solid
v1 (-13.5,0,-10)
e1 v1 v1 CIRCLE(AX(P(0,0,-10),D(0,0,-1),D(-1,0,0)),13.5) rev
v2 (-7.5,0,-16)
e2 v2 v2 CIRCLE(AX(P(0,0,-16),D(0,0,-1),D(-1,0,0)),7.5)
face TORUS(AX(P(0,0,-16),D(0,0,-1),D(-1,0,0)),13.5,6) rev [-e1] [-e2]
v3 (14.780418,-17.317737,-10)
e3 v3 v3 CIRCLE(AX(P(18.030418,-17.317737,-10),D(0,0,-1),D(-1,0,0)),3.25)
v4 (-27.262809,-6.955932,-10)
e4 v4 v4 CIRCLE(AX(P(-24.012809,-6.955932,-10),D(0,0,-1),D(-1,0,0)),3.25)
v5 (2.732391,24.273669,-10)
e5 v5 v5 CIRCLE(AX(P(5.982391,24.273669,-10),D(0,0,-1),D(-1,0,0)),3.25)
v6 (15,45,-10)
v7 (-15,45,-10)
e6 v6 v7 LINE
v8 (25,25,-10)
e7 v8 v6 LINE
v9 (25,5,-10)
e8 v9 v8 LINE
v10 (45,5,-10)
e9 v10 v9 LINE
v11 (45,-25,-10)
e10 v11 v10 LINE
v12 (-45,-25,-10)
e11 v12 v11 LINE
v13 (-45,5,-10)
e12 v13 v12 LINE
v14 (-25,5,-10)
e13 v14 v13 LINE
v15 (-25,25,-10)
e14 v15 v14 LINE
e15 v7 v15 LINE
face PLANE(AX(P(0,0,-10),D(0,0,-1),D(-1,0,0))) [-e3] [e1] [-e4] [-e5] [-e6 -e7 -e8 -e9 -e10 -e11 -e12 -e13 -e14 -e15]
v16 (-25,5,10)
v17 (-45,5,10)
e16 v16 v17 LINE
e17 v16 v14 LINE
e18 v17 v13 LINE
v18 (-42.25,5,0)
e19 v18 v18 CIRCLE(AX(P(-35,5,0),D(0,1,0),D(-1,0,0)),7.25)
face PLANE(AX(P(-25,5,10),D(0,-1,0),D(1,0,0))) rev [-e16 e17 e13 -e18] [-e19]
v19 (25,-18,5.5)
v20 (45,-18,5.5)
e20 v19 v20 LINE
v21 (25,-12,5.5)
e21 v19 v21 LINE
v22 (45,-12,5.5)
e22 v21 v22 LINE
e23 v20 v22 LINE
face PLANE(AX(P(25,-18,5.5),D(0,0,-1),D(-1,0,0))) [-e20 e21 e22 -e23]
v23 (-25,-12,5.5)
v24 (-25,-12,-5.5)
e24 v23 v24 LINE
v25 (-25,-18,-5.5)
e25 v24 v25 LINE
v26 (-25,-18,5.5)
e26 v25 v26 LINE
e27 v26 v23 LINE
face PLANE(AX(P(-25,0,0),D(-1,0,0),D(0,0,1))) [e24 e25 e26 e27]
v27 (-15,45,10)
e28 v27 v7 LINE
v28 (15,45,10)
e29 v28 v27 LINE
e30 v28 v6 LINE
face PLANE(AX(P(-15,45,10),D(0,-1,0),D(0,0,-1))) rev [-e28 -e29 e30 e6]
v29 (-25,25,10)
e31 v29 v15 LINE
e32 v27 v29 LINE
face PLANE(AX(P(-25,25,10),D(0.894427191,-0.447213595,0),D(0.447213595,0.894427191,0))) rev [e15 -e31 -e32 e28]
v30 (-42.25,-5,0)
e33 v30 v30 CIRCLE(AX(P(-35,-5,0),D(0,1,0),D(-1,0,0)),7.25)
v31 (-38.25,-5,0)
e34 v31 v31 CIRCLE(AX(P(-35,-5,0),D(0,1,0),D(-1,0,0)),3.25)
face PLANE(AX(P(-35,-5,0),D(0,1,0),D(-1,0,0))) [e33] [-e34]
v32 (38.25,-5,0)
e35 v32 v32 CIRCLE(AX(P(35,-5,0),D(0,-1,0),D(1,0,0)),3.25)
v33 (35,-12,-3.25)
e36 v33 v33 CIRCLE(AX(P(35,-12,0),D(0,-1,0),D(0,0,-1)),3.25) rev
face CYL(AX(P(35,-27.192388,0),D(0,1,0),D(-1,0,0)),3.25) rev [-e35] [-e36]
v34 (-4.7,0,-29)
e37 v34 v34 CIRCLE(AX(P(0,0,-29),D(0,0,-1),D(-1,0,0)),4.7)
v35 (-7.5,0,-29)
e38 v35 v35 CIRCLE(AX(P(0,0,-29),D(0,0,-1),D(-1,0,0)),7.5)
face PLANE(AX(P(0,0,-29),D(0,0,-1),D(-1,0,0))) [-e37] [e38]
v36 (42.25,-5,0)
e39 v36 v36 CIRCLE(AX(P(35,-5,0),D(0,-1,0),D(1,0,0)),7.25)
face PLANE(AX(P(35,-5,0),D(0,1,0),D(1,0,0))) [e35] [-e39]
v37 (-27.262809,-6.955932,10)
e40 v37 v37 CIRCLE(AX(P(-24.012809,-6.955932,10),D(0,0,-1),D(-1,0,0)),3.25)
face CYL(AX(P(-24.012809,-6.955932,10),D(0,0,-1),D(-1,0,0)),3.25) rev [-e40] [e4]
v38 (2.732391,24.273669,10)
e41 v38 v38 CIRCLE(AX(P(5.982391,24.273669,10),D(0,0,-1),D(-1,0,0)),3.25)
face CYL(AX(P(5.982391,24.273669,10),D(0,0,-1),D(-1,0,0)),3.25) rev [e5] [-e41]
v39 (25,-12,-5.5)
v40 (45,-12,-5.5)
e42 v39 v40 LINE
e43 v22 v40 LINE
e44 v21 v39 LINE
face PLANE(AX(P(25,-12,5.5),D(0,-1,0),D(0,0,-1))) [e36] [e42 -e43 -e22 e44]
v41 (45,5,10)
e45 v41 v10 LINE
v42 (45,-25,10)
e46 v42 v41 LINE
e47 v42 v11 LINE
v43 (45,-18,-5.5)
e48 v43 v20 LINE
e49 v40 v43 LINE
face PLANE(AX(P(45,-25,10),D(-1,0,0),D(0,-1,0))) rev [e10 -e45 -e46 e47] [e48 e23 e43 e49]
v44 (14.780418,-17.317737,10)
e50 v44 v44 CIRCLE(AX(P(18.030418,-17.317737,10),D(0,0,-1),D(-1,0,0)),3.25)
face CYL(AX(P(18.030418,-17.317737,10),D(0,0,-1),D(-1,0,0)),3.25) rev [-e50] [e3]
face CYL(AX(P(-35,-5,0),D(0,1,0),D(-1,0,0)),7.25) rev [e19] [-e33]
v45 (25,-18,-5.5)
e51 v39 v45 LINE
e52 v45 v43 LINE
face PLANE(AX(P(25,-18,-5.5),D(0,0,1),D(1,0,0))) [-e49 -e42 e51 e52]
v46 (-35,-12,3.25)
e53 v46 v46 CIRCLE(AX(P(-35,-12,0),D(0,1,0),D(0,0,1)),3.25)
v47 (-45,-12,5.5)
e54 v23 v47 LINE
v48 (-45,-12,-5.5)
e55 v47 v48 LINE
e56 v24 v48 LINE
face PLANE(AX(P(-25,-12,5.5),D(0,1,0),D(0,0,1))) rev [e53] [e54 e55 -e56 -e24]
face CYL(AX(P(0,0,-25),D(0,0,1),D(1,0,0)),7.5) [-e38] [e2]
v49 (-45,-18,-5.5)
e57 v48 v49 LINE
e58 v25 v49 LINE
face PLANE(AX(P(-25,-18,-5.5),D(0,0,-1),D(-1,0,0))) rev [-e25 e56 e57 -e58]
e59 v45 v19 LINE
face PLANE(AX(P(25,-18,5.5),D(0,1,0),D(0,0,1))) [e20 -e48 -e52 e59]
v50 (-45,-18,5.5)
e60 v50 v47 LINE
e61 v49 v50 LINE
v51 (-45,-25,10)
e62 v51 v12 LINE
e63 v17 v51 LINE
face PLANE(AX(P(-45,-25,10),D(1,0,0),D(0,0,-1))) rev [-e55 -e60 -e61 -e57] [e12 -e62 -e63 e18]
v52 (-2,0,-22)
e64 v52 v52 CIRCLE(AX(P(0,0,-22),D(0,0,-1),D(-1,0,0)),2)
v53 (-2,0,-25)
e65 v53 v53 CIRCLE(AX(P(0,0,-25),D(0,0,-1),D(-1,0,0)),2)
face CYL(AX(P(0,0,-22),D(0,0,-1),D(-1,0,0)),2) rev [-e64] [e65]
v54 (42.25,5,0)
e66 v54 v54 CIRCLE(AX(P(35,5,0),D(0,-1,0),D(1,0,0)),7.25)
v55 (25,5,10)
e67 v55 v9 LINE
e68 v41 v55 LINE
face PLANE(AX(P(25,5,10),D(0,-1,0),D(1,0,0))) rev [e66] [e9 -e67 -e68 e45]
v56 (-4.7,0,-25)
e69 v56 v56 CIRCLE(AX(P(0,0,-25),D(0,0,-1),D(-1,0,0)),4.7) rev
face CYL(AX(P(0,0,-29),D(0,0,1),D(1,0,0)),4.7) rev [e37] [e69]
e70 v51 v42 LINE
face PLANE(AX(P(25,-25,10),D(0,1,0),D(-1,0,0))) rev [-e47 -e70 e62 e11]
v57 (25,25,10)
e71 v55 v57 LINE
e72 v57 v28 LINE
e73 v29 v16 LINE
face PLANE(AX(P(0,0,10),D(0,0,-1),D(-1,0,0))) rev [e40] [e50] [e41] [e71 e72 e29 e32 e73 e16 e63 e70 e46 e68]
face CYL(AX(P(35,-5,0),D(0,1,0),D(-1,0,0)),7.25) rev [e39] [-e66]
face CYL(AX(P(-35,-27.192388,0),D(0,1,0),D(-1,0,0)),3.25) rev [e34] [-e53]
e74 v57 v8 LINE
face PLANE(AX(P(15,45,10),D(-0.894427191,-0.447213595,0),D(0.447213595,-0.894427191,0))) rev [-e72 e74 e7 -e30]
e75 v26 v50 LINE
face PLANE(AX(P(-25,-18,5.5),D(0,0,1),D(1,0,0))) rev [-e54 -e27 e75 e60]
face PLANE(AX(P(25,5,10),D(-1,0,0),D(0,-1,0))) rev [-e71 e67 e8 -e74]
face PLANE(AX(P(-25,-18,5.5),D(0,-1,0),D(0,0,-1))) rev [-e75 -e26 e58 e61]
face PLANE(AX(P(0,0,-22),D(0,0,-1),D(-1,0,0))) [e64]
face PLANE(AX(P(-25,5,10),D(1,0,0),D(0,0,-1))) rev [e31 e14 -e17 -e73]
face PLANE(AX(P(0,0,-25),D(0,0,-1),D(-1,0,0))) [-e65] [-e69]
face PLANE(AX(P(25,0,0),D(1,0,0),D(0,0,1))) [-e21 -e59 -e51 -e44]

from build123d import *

# Parameters (mm, degrees)
BODY_DEPTH             = 10
SKETCH14_R             = 7.5
BEARING_SUPPORT_DEPTH  = 15
SKETCH15_R             = 7.5
SKETCH15_R_2           = 4.7
BEARING_PLACE_DEPTH    = 4
SKETCH16_R             = 2
MOTOR_SHAFT_HOLE_DEPTH = 3
FILLET1_R              = 6
SKETCH17_R             = 7.25
SPRING_HOLE_DEPTH      = 10
SKETCH18_W             = 11
SKETCH18_H             = 6
NUT_HOLE_DEPTH         = 20
SKETCH19_R             = 3.25
SHAFT_HOLE_DEPTH       = 13
SKETCH20_R             = 3.25
BRAKE_DISK_HOLES_DEPTH = 67.708320321


with BuildPart() as part:
    # Sketch1 → Body (new, symmetric)
    with BuildSketch(Plane.XY):
        Polygon((-25, 25), (-15, 45), (15, 45), (25, 25), (25, 5), (45, 5), (45, -25), (25, -25), (-25, -25), (-45, -25), (-45, 5), (-25, 5), align=None)
    extrude(amount=BODY_DEPTH, both=True)

    # Sketch14 → Bearing_Support (add)
    with BuildSketch(Plane(origin=(0, 0, -10), x_dir=(-1, 0, 0), z_dir=(0, 0, -1))):
        Circle(SKETCH14_R)
    extrude(amount=BEARING_SUPPORT_DEPTH)

    # Sketch15 → Bearing_Place (add)
    with BuildSketch(Plane(origin=(0, 0, -25), x_dir=(-1, 0, 0), z_dir=(0, 0, -1))):
        Circle(SKETCH15_R)
        Circle(SKETCH15_R_2, mode=Mode.SUBTRACT)
    extrude(amount=BEARING_PLACE_DEPTH)

    # Sketch16 → Motor_Shaft_Hole (cut)
    with BuildSketch(Plane(origin=(0, 0, -25), x_dir=(-1, 0, 0), z_dir=(0, 0, -1))):
        Circle(SKETCH16_R)
    extrude(amount=-MOTOR_SHAFT_HOLE_DEPTH, mode=Mode.SUBTRACT)

    # Fillet1
    fillet1_edges = [part.edges().sort_by_distance(p)[0] for p in [
        (7.5, 0, -10),
    ]]
    fillet(fillet1_edges, radius=FILLET1_R)

    # Sketch17 → Spring_Hole (cut)
    with BuildSketch(Plane(origin=(0, 5, 0), x_dir=(1, 0, 0), z_dir=(0, 1, 0))):
        with Locations(Location((-35, 0, 0), (0, 0, 180))):
            Circle(SKETCH17_R)
    spring_hole = extrude(amount=-SPRING_HOLE_DEPTH, mode=Mode.SUBTRACT)

    # Sketch18 → Nut_Hole (cut)
    with BuildSketch(Plane.ZY.offset(45)):
        with Locations((0, -15)):
            Rectangle(SKETCH18_W, SKETCH18_H)
    nut_hole = extrude(amount=-NUT_HOLE_DEPTH, mode=Mode.SUBTRACT)

    # Sketch19 → Shaft_Hole (cut)
    with BuildSketch(Plane(origin=(0, -5, 0), x_dir=(1, 0, 0), z_dir=(0, 1, 0))):
        with Locations(Location((-35, 0, 0), (0, 0, 180))):
            Circle(SKETCH19_R)
    shaft_hole = extrude(amount=-SHAFT_HOLE_DEPTH, mode=Mode.SUBTRACT)

    # Mirror1: Spring_Hole, Nut_Hole, Shaft_Hole across plane
    add(spring_hole.mirror(Plane(origin=(0, 0, 0), x_dir=(0, 0, 1), z_dir=(1, 0, 0))), mode=Mode.SUBTRACT)
    add(nut_hole.mirror(Plane(origin=(0, 0, 0), x_dir=(0, 0, 1), z_dir=(1, 0, 0))), mode=Mode.SUBTRACT)
    add(shaft_hole.mirror(Plane(origin=(0, 0, 0), x_dir=(0, 0, 1), z_dir=(1, 0, 0))), mode=Mode.SUBTRACT)

    # Sketch20 → Brake_Disk_Holes (cut, through all)
    with BuildSketch(Plane(origin=(0, 0, -10), x_dir=(-1, 0, 0), z_dir=(0, 0, -1))):
        with Locations((-5.98239088, 24.273668848)):
            Circle(SKETCH20_R)
        with Locations((24.012809306, -6.955931947)):
            Circle(SKETCH20_R)
        with Locations((-18.030418426, -17.317736902)):
            Circle(SKETCH20_R)
    extrude(amount=-BRAKE_DISK_HOLES_DEPTH, mode=Mode.SUBTRACT)


solid = part.part
